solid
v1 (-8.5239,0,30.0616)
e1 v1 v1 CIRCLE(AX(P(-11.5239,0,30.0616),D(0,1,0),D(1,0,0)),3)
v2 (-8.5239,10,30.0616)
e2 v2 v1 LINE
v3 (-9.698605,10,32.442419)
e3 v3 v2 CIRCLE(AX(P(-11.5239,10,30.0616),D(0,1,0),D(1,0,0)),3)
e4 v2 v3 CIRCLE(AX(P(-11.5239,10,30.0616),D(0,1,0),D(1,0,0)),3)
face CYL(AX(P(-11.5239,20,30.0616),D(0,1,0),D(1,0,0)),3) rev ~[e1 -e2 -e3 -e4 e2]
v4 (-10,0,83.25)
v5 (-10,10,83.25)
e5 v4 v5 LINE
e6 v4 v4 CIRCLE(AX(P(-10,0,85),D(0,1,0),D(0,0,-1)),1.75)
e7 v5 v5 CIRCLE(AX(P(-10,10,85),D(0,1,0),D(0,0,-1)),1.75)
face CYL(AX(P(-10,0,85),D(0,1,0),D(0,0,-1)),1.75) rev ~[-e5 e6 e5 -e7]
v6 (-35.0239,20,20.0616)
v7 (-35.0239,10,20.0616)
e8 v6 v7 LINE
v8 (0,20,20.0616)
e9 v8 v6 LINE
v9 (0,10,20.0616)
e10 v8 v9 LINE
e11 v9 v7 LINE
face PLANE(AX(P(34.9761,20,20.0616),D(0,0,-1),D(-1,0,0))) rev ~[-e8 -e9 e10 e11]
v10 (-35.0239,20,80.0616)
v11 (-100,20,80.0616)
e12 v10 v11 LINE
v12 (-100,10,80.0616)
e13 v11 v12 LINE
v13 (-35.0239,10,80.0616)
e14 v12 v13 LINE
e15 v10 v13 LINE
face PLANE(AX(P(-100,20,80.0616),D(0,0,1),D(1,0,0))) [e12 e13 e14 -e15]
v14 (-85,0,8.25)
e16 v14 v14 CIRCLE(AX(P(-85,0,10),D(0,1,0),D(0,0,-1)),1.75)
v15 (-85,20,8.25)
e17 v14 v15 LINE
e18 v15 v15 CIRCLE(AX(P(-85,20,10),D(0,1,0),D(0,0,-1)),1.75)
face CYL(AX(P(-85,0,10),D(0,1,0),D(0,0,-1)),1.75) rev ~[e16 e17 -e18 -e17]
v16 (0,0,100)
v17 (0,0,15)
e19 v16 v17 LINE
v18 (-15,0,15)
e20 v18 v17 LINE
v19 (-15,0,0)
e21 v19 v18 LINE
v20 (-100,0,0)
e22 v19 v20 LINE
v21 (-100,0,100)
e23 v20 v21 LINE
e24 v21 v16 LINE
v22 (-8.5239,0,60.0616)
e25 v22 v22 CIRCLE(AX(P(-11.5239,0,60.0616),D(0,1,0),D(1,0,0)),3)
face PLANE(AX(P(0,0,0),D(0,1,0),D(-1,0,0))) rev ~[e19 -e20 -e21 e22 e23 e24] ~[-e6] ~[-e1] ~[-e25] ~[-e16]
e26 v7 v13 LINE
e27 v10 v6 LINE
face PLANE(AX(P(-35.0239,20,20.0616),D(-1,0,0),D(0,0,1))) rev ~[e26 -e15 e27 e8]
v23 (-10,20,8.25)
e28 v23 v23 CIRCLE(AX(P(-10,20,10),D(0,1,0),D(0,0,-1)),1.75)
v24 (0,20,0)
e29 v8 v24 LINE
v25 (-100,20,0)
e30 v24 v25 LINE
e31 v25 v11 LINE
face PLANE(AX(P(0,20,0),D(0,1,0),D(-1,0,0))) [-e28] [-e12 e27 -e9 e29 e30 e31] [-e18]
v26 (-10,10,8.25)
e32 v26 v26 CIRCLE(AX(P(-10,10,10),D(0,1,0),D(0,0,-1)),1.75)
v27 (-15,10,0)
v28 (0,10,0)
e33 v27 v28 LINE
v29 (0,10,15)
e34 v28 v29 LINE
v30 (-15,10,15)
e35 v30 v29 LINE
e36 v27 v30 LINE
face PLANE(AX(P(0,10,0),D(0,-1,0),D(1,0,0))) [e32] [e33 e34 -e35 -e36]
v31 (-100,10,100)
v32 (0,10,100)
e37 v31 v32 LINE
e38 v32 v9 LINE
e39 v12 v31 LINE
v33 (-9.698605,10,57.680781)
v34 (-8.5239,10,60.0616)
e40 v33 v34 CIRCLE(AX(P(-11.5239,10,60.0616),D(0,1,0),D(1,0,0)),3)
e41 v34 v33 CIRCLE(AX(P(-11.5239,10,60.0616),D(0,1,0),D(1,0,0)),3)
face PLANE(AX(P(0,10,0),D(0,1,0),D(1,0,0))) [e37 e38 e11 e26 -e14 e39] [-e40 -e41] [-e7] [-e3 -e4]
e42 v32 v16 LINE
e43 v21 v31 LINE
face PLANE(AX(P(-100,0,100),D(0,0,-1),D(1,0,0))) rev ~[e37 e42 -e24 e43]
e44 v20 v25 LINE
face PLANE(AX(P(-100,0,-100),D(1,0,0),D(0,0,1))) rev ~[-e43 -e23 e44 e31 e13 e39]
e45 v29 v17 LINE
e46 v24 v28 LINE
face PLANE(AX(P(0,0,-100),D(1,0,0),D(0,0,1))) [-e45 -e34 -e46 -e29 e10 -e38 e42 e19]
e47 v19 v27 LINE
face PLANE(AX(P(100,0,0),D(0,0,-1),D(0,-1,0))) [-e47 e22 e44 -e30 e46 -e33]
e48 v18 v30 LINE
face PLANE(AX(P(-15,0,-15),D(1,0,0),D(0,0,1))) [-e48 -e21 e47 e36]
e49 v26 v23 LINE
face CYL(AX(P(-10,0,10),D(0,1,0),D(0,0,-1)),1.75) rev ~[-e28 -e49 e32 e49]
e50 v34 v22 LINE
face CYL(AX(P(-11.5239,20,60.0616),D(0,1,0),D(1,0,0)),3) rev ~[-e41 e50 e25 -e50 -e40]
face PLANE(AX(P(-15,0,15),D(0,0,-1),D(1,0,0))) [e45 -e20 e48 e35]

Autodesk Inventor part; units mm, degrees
ref_plane "YZ Plane" through (0, 0, 0) normal (1, 0, 0) x (0, 1, 0)
ref_plane "XZ Plane" through (0, 0, 0) normal (0, 1, 0) x (-1, 0, 0)
ref_plane "XY Plane" through (0, 0, 0) normal (0, 0, 1) x (1, 0, 0)
sketch "Boceto1" plane through (0, 0, 0) normal (0, 1, 0) x (-1, 0, 0)
  line L0 (100, 100) -> (-100, 100)
  line L1 (-100, 100) -> (-100, -100)
  line L2 (-100, -100) -> (100, -100)
  line L3 (100, -100) -> (100, 100)
  line L4 (100, 100) -> (-100, -100) construction
  line L5 (-100, 100) -> (100, -100) construction
  point P0 (0, 0)
  dimension "d0" = 200
  dimension "d1" = 200
extrude "Extrusión1" add sketch "Boceto1" along normal blind 20
sketch "Boceto2" plane through (0, 20, 0) normal (0, 1, 0) x (1, 0, 0)
  circle A0 centre (-11.5239, -30.0616) radius 3
  circle A1 centre (11.4761, -30.0616) radius 3
  circle A2 centre (-11.5239, -60.0616) radius 3
  circle A3 centre (11.4761, -60.0616) radius 3
  line L0 (-0.0239, -45.0616) -> (-35.0239, -45.0616)
  line L1 (-35.0239, -45.0616) -> (-35.0239, -80.0616)
  line L2 (-0.0239, -45.0616) -> (34.9761, -45.0616)
  line L3 (-11.5239, -30.0616) -> (11.4761, -60.0616)
  line L4 (-11.5239, -60.0616) -> (11.4761, -30.0616)
  line L5 (34.9761, -20.0616) -> (-35.0239, -20.0616)
  line L6 (-35.0239, -20.0616) -> (-35.0239, -80.0616)
  line L7 (34.9761, -80.0616) -> (34.9761, -20.0616)
  line L8 (-105, -100.0616) -> (105, -100.0616)
  line L9 (-105.0239, -80.0616) -> (104.9761, -80.0616)
  line L10 (-35.0239, -80.0616) -> (34.9761, -80.0616)
  line L11 (105, -100.0616) -> (95.8154, -100.0616)
  line L12 (-105.0239, -80.0616) -> (104.9761, -80.0616)
  line L13 (105, -80.0616) -> (-105, -80.0616)
  line L14 (-105, -100.0616) -> (105, -100.0616)
  line L15 (105, -90.0616) -> (94.0798, -90.0616)
  line L16 (-105, -100.0616) -> (105, -100.0616)
  line L17 (-105, -80.0616) -> (105, -80.0616)
  line L18 (105, -80.0616) -> (105, -100.0616)
  line L19 (105, -100.0616) -> (-105, -100.0616)
  line L20 (-105, -100.0616) -> (-105, -80.0616)
  line L21 (-100, 100) -> (-100, -100) projected
  line L22 (-100, -100) -> (100.4077, -100)
  point P0 (0, 0)
  point P1 (0, -10.0616)
  point P2 (0, -90.0616)
  point P3 (-0.0478, -80.0616)
  dimension "d4" = 20
  dimension "d5" = 20
  dimension "d6" = 30
  dimension "d7" = 30
  dimension "d8" = 20
  dimension "d9" = 35
  dimension "d10" = 35
  dimension "d11" = 60
extrude "Extrusión2" cut sketch "Boceto2" against normal blind 10
sketch "Boceto3" plane through (0, 20, 0) normal (0, 1, 0) x (1, 0, 0)
  circle A0 centre (-11.5239, -30.0616) radius 3 projected
  circle A1 centre (-11.5239, -30.0616) radius 3
  circle A2 centre (11.4761, -30.0616) radius 3 projected
  circle A3 centre (11.4761, -30.0616) radius 3
  circle A4 centre (11.4761, -60.0616) radius 3 projected
  circle A5 centre (11.4761, -60.0616) radius 3
  circle A6 centre (-11.5239, -60.0616) radius 3
  point P0 (0, 0)
extrude "Extrusión3" cut sketch "Boceto3" against normal blind 20
sketch "Boceto4" plane through (0, 20, 0) normal (0, 1, 0) x (1, 0, 0)
  circle A0 centre (-51.75, 78.25) radius 1.75
  line L0 (-50, 70) -> (-60, 70)
  line L1 (-60, 70) -> (-60, 80)
  line L2 (-60, 80) -> (-50, 80)
  line L3 (-50, 80) -> (-50, 70)
  line L4 (-50, 70) -> (-60, 80) construction
  line L5 (-60, 70) -> (-50, 80) construction
  line L6 (-105, 90) -> (-105, -90)
  circle A1 centre (-58.25, 71.75) radius 1.75
  line L7 (0, 90) -> (0, 77.3124)
  circle A2 centre (51.75, 78.25) radius 1.75
  line L8 (50, 70) -> (60, 70)
  line L9 (60, 70) -> (60, 80)
  line L10 (60, 80) -> (50, 80)
  line L11 (50, 80) -> (50, 70)
  line L12 (50, 70) -> (60, 80) construction
  line L13 (60, 70) -> (50, 80) construction
  circle A3 centre (58.25, 71.75) radius 1.75
  line L14 (100, 100) -> (-100, 100) projected
  line L15 (-100, 100) -> (-100, -80.0616) projected
  line L16 (100, -80.0616) -> (100, 100) projected
  point P0 (0, 0)
  point P1 (0, 0)
  point P2 (-60, 75)
  point P3 (60, 75)
  dimension "d16" = 3.5
  dimension "d18" = 1.75
  dimension "d19" = 1.75
  dimension "d20" = 1.75
  dimension "d21" = 1.75
  dimension "d22" = 10
  dimension "d23" = 10
  dimension "d25" = 20
  dimension "d26" = 40
  dimension "d27" = 40
hole "Agujero1" at (-58.25, 20, -71.75) at (-51.75, 20, -78.25) at (58.25, 20, -71.75) at (51.75, 20, -78.25) direction (0, -1, 0) diameter 3.5 end through all
sketch "Boceto5" plane through (0, 20, 0) normal (0, 1, 0) x (1, 0, 0)
  line L0 (0, 90) -> (0, 68.25)
  circle A0 centre (-51.75, 78.25) radius 1.75 projected
  line L1 (-50, 78.25) -> (-50, 100)
  circle A1 centre (-58.25, 71.75) radius 1.75 projected
  line L2 (-60, 71.75) -> (-60, 100)
  line L3 (-60, 100) -> (-70, 100)
  line L4 (-50, 100) -> (-40, 100)
  line L5 (-40, 100) -> (-40, 60)
  line L6 (-40, 60) -> (-70, 60)
  line L7 (-70, 60) -> (-70, 100)
  line L8 (-70, 100) -> (-40, 100)
  circle A2 centre (51.75, 78.25) radius 1.75
  line L9 (50, 78.25) -> (50, 100)
  circle A3 centre (58.25, 71.75) radius 1.75
  line L10 (60, 71.75) -> (60, 100)
  line L11 (60, 100) -> (70, 100)
  line L12 (50, 100) -> (40, 100)
  line L13 (40, 100) -> (40, 60)
  line L14 (40, 60) -> (70, 60)
  line L15 (70, 60) -> (70, 100)
  line L16 (70, 100) -> (40, 100)
  point P0 (0, 0)
  dimension "d38" = 10
  dimension "d39" = 10
  dimension "d40" = 40
extrude "Extrusión4" cut sketch "Boceto5" against normal blind 10
ref_plane "Plano de trabajo1" through (0, 0, -100) normal (-1, 0, 0) x (0, 0, 1)
ref_plane "Plano de trabajo2" through (100, 0, 0) normal (0, 0, -1) x (-1, 0, 0)
sketch "Boceto7" plane through (0, 0, 0) normal (0, -1, 0) x (1, 0, 0)
  circle A0 centre (10, -10) radius 1.75
  line L0 (6.803, 0) -> (14.6069, 0)
  line L1 (0, 0) -> (0, -4.8284)
  line L2 (0, 0) -> (20.0354, 0)
  circle A1 centre (10, 10) radius 1.75
  line L3 (0, 0) -> (0, 4.8284)
  circle A2 centre (-10, -10) radius 1.75
  circle A3 centre (-10, 10) radius 1.75
  dimension "d52" = 3.5
  dimension "d54" = 10
  dimension "d55" = 10
hole "Agujero2" at (10, 0, -10) at (10, 0, 10) at (-10, 0, 10) at (-10, 0, -10) direction (0, 1, 0) diameter 3.5 end through all
sketch "Boceto8" plane through (0, 0, 0) normal (0, -1, 0) x (1, 0, 0)
  line L0 (-15, 15) -> (15, 15)
  line L1 (15, 15) -> (15, -15)
  line L2 (15, -15) -> (-15, -15)
  line L3 (-15, -15) -> (-15, 15)
  line L4 (-15, 15) -> (15, -15) construction
  line L5 (15, 15) -> (-15, -15) construction
  point P0 (0, 0)
  dimension "d63" = 30
  dimension "d64" = 30
extrude "Extrusión5" cut sketch "Boceto8" against normal blind 10
sketch "Boceto9" plane through (0, 0, 0) normal (0, -1, 0) x (1, 0, 0)
  circle A0 centre (85, -10) radius 1.75
  line L0 (100, 100) -> (100, -100) projected
  line L1 (140, 0) -> (-140, 0) projected
  circle A1 centre (85, 10) radius 1.75
  line L2 (0, 0) -> (0, 9.4908)
  circle A2 centre (-85, -10) radius 1.75
  circle A3 centre (-85, 10) radius 1.75
  line L3 (0, 0) -> (6.3157, 6.3157)
  line L4 (0, 0) -> (8.9318, 0) construction
  circle A4 centre (10, 85) radius 1.75
  circle A5 centre (-10, -85) radius 1.75
  line L5 (0, 0) -> (5.9531, -5.9531)
  line L6 (0, 0) -> (8.419, 0) construction
  circle A6 centre (10, -85) radius 1.75
  circle A7 centre (-10, 85) radius 1.75
  dimension "d67" = 3.5
  dimension "d68" = 15
  dimension "d69" = 10
  dimension "d70" = 45
  dimension "d71" = 45
hole "Agujero3" at (-10, 0, 85) at (10, 0, 85) at (85, 0, 10) at (85, 0, -10) at (-85, 0, 10) at (-85, 0, -10) at (-10, 0, -85) at (10, 0, -85) direction (0, 1, 0) diameter 3.5 end through all
split "Dividir3" plane through (100, 0, 0) removes the side toward (0, 0, -1)
split "Dividir4" plane through (0, 0, -100) removes the side toward (1, 0, 0)
properties part number "base_front_3"
